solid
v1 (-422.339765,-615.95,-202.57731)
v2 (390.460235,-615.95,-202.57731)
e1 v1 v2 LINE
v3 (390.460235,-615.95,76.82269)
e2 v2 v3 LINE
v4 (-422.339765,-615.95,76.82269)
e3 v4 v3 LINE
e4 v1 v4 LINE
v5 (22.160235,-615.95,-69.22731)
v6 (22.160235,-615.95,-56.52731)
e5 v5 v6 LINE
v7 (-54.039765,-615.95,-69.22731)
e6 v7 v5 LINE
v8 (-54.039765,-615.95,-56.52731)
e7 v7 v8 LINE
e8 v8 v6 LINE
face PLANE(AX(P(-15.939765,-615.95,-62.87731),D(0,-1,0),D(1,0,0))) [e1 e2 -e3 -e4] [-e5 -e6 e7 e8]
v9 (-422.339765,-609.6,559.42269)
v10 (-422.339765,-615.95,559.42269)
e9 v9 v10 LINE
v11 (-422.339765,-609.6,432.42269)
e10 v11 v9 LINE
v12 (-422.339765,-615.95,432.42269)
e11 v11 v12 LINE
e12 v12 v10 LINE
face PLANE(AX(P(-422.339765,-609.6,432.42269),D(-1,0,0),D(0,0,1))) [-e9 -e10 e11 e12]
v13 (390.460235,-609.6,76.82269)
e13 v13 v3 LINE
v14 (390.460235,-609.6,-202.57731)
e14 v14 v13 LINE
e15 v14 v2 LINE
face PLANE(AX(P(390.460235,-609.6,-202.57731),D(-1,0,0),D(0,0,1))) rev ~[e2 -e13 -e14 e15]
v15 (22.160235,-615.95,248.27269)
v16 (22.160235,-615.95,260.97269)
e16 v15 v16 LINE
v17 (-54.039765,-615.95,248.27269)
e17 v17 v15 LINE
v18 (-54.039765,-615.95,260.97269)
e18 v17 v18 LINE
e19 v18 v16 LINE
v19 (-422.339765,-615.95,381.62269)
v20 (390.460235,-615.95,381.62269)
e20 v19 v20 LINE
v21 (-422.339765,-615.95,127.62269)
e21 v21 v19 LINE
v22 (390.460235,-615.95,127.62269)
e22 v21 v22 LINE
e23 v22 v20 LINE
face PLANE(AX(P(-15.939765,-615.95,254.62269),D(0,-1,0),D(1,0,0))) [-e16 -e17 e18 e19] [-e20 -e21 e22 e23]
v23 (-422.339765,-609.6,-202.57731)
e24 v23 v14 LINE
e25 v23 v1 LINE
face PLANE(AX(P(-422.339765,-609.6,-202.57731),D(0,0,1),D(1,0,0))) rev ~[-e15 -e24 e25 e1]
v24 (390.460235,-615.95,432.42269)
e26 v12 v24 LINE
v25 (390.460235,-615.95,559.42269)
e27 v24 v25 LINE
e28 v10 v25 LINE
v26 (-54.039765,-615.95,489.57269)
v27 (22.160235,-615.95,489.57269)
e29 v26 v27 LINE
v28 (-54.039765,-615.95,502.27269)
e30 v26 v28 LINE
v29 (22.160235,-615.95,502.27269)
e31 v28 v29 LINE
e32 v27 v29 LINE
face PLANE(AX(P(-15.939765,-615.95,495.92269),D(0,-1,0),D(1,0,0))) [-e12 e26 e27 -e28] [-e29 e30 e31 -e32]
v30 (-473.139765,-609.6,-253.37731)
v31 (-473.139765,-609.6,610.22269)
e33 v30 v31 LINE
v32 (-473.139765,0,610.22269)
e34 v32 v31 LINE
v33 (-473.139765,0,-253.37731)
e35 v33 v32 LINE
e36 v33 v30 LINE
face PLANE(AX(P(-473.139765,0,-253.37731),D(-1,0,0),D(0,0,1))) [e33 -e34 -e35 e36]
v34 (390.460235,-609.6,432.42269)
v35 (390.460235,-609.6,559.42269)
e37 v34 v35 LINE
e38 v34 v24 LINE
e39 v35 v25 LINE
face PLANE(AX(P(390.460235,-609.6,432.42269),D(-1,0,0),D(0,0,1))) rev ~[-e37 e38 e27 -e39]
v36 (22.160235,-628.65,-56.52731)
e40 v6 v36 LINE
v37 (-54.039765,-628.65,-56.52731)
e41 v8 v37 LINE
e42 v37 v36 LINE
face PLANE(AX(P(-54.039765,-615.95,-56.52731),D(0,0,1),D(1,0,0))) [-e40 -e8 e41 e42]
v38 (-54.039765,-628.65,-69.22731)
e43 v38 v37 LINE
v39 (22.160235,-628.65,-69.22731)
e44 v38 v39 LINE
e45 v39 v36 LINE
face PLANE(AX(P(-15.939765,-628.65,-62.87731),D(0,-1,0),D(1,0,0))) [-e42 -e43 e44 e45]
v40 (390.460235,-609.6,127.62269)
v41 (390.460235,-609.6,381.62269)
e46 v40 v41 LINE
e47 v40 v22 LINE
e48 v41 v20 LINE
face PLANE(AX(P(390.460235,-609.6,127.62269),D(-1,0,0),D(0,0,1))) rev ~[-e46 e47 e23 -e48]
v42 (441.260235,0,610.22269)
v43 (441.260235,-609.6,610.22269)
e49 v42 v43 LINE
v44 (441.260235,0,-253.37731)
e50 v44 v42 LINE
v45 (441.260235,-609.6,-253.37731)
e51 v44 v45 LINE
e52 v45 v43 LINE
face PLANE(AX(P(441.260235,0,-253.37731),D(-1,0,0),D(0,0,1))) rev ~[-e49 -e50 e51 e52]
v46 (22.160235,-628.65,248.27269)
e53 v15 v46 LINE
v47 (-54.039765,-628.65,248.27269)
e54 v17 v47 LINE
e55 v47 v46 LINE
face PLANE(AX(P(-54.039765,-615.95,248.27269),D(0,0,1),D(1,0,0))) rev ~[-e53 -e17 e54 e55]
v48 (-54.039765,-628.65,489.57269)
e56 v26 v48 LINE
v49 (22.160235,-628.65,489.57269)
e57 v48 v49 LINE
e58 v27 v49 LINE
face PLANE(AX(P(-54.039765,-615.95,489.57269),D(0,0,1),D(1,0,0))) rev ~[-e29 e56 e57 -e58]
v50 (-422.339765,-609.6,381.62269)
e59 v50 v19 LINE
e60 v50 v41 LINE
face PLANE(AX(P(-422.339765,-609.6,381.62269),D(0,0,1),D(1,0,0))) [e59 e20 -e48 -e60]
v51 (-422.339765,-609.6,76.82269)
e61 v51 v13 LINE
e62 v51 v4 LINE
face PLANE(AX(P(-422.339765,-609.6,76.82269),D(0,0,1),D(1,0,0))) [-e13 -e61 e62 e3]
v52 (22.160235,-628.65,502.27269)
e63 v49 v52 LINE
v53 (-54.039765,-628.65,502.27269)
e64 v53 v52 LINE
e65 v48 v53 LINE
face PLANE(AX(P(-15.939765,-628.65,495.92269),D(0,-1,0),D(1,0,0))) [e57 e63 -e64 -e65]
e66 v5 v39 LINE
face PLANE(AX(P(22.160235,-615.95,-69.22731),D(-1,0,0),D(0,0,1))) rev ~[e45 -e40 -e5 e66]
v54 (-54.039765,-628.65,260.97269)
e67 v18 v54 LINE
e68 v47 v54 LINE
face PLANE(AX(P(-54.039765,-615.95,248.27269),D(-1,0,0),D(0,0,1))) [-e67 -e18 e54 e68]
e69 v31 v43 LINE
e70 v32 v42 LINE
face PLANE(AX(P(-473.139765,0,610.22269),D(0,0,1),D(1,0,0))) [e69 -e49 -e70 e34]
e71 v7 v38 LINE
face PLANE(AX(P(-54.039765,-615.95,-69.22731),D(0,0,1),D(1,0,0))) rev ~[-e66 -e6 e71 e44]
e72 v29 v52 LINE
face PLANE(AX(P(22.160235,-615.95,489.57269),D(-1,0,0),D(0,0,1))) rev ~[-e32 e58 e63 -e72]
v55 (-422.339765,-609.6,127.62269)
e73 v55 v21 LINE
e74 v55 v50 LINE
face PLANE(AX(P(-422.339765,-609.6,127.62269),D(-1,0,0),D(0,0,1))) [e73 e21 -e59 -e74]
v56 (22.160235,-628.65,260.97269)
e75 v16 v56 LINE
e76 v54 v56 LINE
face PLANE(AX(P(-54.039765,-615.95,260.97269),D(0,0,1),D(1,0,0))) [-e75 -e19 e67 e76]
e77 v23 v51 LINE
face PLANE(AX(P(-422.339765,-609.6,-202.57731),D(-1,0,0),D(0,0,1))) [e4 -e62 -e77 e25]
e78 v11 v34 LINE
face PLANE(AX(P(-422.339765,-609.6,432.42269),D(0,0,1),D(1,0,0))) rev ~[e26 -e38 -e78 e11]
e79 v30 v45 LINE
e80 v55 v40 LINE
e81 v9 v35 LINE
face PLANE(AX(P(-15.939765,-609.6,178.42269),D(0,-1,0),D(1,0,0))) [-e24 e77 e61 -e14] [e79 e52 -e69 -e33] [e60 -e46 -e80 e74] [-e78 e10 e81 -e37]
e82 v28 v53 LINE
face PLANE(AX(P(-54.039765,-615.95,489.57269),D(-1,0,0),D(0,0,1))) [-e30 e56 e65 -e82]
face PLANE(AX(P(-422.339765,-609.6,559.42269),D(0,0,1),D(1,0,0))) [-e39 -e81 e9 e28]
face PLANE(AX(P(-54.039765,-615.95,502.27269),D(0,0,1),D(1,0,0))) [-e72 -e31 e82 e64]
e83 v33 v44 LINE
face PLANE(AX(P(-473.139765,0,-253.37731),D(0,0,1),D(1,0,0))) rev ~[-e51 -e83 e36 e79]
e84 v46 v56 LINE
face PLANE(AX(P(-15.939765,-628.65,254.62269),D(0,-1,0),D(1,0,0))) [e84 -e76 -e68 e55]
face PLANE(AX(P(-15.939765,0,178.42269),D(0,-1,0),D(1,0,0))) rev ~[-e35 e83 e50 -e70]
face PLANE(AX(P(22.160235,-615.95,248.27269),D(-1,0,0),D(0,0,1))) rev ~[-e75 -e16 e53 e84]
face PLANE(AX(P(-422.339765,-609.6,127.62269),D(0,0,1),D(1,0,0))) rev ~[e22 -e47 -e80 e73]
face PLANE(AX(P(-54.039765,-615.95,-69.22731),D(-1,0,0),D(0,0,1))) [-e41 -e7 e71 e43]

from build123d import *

# Parameters (mm, degrees)
F0_W     = 914.4
F0_H     = 863.6
F1_DEPTH = 609.6
F2_W     = 812.8
F2_H     = 127
F2_H_2   = 254
F2_H_3   = 279.4
F3_DEPTH = 6.35
F4_W     = 76.2
F4_H     = 12.7
F5_DEPTH = 12.7


with BuildPart() as f1:
    # F0 (on Front) → F1 (new body)
    with BuildSketch(Plane.XZ):
        with Locations((-15.939765, 178.42269)):
            Rectangle(F0_W, F0_H)
    extrude(amount=F1_DEPTH)

    # F2 (on face) → F3 (join)
    with BuildSketch(Plane.XZ.offset(609.6)):
        with Locations((-15.939765, 495.92269)):
            Rectangle(F2_W, F2_H)
        with Locations((-15.939765, 254.62269)):
            Rectangle(F2_W, F2_H_2)
        with Locations((-15.939765, -62.87731)):
            Rectangle(F2_W, F2_H_3)
    extrude(amount=F3_DEPTH)

    # F4 (on face) → F5 (join)
    with BuildSketch(Plane.XZ.offset(615.95)):
        with Locations((-15.939765, 495.92269)):
            Rectangle(F4_W, F4_H)
        with Locations((-15.939765, 254.62269)):
            Rectangle(F4_W, F4_H)
        with Locations((-15.939765, -62.87731)):
            Rectangle(F4_W, F4_H)
    extrude(amount=F5_DEPTH)


solid = f1.part
